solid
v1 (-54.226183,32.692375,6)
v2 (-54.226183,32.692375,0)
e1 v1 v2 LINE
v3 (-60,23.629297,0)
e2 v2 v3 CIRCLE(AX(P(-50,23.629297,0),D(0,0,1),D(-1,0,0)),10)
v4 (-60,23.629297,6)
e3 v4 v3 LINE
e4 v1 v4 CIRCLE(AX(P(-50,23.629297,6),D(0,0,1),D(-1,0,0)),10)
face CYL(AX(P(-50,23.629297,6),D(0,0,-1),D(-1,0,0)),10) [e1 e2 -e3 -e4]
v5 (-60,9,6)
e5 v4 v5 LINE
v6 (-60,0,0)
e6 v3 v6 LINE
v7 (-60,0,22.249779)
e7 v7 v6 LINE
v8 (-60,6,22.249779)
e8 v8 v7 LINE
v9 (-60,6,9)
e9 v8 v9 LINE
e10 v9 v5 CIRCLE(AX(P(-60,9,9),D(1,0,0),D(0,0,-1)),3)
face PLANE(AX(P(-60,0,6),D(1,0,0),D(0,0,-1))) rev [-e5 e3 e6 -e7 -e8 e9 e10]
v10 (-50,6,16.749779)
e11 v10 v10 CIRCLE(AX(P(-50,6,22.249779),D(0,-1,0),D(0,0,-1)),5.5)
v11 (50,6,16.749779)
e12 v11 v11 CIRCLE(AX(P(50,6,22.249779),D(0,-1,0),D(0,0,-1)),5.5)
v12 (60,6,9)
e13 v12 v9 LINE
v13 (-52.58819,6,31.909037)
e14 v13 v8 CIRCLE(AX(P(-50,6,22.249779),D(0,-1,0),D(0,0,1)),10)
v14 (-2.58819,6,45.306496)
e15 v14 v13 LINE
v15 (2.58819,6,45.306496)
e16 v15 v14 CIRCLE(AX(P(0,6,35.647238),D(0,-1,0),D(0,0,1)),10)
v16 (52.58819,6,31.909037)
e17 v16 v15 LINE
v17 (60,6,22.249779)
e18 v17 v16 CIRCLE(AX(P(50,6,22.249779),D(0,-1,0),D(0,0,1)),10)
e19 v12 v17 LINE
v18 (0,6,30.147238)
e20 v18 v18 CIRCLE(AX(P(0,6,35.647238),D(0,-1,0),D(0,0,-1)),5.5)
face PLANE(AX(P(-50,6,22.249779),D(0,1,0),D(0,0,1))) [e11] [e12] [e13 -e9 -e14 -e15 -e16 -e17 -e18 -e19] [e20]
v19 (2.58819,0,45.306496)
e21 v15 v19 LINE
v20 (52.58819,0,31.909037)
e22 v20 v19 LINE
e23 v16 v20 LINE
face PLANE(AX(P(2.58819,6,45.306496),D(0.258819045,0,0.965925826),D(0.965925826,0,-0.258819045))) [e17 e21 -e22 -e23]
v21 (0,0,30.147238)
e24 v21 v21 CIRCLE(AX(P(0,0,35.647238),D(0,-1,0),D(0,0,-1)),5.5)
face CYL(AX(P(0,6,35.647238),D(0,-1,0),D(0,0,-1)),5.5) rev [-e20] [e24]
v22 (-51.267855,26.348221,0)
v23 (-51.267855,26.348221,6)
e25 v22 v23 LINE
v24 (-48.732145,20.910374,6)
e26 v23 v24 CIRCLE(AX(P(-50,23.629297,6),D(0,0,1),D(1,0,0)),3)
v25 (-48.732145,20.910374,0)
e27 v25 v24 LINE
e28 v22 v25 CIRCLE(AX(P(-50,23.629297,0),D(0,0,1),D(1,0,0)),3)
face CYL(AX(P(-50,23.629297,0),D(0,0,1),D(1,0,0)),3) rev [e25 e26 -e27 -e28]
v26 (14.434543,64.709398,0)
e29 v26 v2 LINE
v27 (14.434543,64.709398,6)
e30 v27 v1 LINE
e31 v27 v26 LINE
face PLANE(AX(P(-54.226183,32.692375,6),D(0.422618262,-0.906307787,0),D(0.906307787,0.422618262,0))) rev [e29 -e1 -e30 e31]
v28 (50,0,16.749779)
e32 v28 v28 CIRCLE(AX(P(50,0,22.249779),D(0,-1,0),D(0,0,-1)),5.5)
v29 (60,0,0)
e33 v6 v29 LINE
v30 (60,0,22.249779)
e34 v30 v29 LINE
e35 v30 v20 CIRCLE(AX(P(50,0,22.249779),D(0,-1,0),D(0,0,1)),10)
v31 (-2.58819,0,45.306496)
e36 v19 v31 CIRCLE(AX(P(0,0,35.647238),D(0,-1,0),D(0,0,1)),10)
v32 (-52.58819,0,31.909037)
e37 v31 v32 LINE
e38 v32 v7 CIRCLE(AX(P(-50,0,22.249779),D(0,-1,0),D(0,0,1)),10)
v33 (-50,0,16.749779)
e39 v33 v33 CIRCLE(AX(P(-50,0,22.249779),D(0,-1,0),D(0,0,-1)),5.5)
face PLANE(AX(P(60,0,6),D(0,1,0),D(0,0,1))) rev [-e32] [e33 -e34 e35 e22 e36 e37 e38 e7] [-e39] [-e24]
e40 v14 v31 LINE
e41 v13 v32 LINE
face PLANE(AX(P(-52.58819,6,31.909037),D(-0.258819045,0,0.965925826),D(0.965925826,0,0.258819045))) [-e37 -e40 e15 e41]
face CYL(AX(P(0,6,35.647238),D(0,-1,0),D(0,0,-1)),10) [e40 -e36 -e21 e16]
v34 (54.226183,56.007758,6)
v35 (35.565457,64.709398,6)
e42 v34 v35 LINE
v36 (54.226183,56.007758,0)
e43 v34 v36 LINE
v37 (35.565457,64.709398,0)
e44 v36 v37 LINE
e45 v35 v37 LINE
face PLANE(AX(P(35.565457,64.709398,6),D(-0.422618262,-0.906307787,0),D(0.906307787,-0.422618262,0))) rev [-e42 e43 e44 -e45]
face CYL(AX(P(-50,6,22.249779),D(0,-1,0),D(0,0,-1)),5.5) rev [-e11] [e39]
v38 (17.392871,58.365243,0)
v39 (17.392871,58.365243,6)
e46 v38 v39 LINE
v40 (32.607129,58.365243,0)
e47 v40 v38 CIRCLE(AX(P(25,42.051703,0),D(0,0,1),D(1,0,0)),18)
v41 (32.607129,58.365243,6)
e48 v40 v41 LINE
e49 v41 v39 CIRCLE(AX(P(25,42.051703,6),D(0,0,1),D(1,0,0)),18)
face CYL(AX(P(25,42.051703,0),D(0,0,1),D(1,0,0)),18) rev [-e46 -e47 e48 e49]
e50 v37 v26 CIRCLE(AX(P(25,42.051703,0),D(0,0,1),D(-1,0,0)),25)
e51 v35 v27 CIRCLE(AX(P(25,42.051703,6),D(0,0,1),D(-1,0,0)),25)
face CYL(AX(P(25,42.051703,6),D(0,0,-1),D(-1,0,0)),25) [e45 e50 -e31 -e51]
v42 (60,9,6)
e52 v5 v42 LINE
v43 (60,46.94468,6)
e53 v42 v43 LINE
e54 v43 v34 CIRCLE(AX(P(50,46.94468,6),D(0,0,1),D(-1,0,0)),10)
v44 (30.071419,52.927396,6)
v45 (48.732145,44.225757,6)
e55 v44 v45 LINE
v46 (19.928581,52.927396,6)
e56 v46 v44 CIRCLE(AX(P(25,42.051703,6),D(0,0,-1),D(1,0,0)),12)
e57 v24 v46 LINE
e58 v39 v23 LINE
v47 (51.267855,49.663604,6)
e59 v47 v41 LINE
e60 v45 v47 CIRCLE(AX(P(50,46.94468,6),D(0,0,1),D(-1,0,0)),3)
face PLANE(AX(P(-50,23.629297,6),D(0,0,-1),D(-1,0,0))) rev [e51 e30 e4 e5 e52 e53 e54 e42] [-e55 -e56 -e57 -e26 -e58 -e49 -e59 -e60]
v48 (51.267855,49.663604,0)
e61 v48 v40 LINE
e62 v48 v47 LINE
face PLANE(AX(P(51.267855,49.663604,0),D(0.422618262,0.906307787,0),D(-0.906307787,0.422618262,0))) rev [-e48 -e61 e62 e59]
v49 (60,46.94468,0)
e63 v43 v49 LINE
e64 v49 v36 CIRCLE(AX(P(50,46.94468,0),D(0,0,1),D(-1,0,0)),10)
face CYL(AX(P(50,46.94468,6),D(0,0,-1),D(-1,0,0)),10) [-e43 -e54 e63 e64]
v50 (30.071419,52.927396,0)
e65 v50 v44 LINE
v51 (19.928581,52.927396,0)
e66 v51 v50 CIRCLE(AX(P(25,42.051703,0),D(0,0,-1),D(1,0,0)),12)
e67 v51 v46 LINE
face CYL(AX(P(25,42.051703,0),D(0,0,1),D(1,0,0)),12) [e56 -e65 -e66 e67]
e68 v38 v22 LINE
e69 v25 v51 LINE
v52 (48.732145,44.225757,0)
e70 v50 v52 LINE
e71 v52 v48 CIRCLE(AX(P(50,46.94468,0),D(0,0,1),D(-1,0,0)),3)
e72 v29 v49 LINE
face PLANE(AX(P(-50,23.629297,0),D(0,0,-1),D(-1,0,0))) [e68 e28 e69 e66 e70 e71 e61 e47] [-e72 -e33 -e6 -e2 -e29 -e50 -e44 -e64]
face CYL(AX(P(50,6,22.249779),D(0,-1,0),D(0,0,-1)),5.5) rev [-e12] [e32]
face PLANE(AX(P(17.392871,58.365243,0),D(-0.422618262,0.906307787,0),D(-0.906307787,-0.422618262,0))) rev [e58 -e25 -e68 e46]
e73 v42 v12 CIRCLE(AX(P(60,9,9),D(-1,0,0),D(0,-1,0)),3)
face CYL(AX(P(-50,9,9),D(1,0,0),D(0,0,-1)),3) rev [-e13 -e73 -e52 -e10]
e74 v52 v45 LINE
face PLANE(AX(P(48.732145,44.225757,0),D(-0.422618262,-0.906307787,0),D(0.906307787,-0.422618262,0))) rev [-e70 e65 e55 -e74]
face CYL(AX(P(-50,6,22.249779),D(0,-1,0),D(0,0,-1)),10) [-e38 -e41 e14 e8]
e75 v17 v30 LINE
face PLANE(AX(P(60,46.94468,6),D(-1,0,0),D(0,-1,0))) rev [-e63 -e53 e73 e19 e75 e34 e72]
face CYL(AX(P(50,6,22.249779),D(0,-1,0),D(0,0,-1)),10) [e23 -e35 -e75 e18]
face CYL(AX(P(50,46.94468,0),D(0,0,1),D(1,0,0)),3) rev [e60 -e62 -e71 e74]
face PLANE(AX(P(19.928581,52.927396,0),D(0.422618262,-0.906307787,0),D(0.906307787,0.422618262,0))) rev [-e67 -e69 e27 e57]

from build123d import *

# Parameters (mm, degrees)
EXTRUDE_1_DEPTH     = 6
SKETCH_2_R          = 5.5
EXTRUDE_2_DEPTH     = 6
FILLET_1_R          = 3
CUT_EXTRUDE_1_DEPTH = 99.325146161


with BuildPart() as part:
    # Эскиз1 → Бобышка-Вытянуть1 (new body)
    with BuildSketch(Plane.XY):
        with BuildLine():
            Line((-60, 0), (-60, 23.629297392))
            ThreePointArc((-60, 23.629297392), (-58.433914458, 29.002293475), (-54.226182617, 32.692375262))
            Line((-54.226182617, 32.692375262), (14.434543456, 64.709397645))
            ThreePointArc((14.434543456, 64.709397645), (25, 67.051702969), (35.565456544, 64.709397645))
            Line((35.565456544, 64.709397645), (54.226182617, 56.00775817))
            ThreePointArc((54.226182617, 56.00775817), (58.433914458, 52.317676383), (60, 46.9446803))
            Line((60, 46.9446803), (60, 0))
            Line((60, 0), (-60, 0))
        make_face()
    extrude(amount=EXTRUDE_1_DEPTH)

    # Эскиз2 → Бобышка-Вытянуть2 (add)
    with BuildSketch(Plane.XZ):
        with BuildLine():
            Line((-60, 6), (60, 6))
            Line((60, 6), (60, 22.249778574))
            ThreePointArc((60, 22.249778574), (57.933533403, 28.337392864), (52.588190451, 31.909036837))
            Line((52.588190451, 31.909036837), (2.588190451, 45.306496459))
            ThreePointArc((2.588190451, 45.306496459), (0, 45.647238196), (-2.588190451, 45.306496459))
            Line((-2.588190451, 45.306496459), (-52.588190451, 31.909036837))
            ThreePointArc((-52.588190451, 31.909036837), (-57.933533403, 28.337392864), (-60, 22.249778574))
            Line((-60, 22.249778574), (-60, 6))
        make_face()
        with Locations(Location((-50, 22.249778574, 0), (0, 0, 270))):
            Circle(SKETCH_2_R, mode=Mode.SUBTRACT)
        with Locations(Location((0, 35.647238196, 0), (0, 0, 270))):
            Circle(SKETCH_2_R, mode=Mode.SUBTRACT)
        with Locations(Location((50, 22.249778574, 0), (0, 0, 270))):
            Circle(SKETCH_2_R, mode=Mode.SUBTRACT)
    extrude(amount=-EXTRUDE_2_DEPTH)

    # Скругление1
    fillet_1_edges = [part.edges().sort_by_distance(p)[0] for p in [
        (0, 6, 6),
    ]]
    fillet(fillet_1_edges, radius=FILLET_1_R)

    # Эскиз3 → Вырез-Вытянуть1 (cut, through all)
    with BuildSketch(Plane.XY.offset(6)):
        with BuildLine():
            Line((51.267854785, 49.663603661), (32.607128711, 58.365243136))
            ThreePointArc((32.607128711, 58.365243136), (25, 60.051702969), (17.392871289, 58.365243136))
            Line((17.392871289, 58.365243136), (-51.267854785, 26.348220753))
            ThreePointArc((-51.267854785, 26.348220753), (-52.718923361, 22.361442607), (-48.732145215, 20.910374031))
            Line((-48.732145215, 20.910374031), (19.928580859, 52.927396414))
            ThreePointArc((19.928580859, 52.927396414), (25, 54.051702969), (30.071419141, 52.927396414))
            Line((30.071419141, 52.927396414), (48.732145215, 44.225756939))
            ThreePointArc((48.732145215, 44.225756939), (52.718923361, 45.676825514), (51.267854785, 49.663603661))
        make_face()
    extrude(amount=-CUT_EXTRUDE_1_DEPTH, mode=Mode.SUBTRACT)


solid = part.part
